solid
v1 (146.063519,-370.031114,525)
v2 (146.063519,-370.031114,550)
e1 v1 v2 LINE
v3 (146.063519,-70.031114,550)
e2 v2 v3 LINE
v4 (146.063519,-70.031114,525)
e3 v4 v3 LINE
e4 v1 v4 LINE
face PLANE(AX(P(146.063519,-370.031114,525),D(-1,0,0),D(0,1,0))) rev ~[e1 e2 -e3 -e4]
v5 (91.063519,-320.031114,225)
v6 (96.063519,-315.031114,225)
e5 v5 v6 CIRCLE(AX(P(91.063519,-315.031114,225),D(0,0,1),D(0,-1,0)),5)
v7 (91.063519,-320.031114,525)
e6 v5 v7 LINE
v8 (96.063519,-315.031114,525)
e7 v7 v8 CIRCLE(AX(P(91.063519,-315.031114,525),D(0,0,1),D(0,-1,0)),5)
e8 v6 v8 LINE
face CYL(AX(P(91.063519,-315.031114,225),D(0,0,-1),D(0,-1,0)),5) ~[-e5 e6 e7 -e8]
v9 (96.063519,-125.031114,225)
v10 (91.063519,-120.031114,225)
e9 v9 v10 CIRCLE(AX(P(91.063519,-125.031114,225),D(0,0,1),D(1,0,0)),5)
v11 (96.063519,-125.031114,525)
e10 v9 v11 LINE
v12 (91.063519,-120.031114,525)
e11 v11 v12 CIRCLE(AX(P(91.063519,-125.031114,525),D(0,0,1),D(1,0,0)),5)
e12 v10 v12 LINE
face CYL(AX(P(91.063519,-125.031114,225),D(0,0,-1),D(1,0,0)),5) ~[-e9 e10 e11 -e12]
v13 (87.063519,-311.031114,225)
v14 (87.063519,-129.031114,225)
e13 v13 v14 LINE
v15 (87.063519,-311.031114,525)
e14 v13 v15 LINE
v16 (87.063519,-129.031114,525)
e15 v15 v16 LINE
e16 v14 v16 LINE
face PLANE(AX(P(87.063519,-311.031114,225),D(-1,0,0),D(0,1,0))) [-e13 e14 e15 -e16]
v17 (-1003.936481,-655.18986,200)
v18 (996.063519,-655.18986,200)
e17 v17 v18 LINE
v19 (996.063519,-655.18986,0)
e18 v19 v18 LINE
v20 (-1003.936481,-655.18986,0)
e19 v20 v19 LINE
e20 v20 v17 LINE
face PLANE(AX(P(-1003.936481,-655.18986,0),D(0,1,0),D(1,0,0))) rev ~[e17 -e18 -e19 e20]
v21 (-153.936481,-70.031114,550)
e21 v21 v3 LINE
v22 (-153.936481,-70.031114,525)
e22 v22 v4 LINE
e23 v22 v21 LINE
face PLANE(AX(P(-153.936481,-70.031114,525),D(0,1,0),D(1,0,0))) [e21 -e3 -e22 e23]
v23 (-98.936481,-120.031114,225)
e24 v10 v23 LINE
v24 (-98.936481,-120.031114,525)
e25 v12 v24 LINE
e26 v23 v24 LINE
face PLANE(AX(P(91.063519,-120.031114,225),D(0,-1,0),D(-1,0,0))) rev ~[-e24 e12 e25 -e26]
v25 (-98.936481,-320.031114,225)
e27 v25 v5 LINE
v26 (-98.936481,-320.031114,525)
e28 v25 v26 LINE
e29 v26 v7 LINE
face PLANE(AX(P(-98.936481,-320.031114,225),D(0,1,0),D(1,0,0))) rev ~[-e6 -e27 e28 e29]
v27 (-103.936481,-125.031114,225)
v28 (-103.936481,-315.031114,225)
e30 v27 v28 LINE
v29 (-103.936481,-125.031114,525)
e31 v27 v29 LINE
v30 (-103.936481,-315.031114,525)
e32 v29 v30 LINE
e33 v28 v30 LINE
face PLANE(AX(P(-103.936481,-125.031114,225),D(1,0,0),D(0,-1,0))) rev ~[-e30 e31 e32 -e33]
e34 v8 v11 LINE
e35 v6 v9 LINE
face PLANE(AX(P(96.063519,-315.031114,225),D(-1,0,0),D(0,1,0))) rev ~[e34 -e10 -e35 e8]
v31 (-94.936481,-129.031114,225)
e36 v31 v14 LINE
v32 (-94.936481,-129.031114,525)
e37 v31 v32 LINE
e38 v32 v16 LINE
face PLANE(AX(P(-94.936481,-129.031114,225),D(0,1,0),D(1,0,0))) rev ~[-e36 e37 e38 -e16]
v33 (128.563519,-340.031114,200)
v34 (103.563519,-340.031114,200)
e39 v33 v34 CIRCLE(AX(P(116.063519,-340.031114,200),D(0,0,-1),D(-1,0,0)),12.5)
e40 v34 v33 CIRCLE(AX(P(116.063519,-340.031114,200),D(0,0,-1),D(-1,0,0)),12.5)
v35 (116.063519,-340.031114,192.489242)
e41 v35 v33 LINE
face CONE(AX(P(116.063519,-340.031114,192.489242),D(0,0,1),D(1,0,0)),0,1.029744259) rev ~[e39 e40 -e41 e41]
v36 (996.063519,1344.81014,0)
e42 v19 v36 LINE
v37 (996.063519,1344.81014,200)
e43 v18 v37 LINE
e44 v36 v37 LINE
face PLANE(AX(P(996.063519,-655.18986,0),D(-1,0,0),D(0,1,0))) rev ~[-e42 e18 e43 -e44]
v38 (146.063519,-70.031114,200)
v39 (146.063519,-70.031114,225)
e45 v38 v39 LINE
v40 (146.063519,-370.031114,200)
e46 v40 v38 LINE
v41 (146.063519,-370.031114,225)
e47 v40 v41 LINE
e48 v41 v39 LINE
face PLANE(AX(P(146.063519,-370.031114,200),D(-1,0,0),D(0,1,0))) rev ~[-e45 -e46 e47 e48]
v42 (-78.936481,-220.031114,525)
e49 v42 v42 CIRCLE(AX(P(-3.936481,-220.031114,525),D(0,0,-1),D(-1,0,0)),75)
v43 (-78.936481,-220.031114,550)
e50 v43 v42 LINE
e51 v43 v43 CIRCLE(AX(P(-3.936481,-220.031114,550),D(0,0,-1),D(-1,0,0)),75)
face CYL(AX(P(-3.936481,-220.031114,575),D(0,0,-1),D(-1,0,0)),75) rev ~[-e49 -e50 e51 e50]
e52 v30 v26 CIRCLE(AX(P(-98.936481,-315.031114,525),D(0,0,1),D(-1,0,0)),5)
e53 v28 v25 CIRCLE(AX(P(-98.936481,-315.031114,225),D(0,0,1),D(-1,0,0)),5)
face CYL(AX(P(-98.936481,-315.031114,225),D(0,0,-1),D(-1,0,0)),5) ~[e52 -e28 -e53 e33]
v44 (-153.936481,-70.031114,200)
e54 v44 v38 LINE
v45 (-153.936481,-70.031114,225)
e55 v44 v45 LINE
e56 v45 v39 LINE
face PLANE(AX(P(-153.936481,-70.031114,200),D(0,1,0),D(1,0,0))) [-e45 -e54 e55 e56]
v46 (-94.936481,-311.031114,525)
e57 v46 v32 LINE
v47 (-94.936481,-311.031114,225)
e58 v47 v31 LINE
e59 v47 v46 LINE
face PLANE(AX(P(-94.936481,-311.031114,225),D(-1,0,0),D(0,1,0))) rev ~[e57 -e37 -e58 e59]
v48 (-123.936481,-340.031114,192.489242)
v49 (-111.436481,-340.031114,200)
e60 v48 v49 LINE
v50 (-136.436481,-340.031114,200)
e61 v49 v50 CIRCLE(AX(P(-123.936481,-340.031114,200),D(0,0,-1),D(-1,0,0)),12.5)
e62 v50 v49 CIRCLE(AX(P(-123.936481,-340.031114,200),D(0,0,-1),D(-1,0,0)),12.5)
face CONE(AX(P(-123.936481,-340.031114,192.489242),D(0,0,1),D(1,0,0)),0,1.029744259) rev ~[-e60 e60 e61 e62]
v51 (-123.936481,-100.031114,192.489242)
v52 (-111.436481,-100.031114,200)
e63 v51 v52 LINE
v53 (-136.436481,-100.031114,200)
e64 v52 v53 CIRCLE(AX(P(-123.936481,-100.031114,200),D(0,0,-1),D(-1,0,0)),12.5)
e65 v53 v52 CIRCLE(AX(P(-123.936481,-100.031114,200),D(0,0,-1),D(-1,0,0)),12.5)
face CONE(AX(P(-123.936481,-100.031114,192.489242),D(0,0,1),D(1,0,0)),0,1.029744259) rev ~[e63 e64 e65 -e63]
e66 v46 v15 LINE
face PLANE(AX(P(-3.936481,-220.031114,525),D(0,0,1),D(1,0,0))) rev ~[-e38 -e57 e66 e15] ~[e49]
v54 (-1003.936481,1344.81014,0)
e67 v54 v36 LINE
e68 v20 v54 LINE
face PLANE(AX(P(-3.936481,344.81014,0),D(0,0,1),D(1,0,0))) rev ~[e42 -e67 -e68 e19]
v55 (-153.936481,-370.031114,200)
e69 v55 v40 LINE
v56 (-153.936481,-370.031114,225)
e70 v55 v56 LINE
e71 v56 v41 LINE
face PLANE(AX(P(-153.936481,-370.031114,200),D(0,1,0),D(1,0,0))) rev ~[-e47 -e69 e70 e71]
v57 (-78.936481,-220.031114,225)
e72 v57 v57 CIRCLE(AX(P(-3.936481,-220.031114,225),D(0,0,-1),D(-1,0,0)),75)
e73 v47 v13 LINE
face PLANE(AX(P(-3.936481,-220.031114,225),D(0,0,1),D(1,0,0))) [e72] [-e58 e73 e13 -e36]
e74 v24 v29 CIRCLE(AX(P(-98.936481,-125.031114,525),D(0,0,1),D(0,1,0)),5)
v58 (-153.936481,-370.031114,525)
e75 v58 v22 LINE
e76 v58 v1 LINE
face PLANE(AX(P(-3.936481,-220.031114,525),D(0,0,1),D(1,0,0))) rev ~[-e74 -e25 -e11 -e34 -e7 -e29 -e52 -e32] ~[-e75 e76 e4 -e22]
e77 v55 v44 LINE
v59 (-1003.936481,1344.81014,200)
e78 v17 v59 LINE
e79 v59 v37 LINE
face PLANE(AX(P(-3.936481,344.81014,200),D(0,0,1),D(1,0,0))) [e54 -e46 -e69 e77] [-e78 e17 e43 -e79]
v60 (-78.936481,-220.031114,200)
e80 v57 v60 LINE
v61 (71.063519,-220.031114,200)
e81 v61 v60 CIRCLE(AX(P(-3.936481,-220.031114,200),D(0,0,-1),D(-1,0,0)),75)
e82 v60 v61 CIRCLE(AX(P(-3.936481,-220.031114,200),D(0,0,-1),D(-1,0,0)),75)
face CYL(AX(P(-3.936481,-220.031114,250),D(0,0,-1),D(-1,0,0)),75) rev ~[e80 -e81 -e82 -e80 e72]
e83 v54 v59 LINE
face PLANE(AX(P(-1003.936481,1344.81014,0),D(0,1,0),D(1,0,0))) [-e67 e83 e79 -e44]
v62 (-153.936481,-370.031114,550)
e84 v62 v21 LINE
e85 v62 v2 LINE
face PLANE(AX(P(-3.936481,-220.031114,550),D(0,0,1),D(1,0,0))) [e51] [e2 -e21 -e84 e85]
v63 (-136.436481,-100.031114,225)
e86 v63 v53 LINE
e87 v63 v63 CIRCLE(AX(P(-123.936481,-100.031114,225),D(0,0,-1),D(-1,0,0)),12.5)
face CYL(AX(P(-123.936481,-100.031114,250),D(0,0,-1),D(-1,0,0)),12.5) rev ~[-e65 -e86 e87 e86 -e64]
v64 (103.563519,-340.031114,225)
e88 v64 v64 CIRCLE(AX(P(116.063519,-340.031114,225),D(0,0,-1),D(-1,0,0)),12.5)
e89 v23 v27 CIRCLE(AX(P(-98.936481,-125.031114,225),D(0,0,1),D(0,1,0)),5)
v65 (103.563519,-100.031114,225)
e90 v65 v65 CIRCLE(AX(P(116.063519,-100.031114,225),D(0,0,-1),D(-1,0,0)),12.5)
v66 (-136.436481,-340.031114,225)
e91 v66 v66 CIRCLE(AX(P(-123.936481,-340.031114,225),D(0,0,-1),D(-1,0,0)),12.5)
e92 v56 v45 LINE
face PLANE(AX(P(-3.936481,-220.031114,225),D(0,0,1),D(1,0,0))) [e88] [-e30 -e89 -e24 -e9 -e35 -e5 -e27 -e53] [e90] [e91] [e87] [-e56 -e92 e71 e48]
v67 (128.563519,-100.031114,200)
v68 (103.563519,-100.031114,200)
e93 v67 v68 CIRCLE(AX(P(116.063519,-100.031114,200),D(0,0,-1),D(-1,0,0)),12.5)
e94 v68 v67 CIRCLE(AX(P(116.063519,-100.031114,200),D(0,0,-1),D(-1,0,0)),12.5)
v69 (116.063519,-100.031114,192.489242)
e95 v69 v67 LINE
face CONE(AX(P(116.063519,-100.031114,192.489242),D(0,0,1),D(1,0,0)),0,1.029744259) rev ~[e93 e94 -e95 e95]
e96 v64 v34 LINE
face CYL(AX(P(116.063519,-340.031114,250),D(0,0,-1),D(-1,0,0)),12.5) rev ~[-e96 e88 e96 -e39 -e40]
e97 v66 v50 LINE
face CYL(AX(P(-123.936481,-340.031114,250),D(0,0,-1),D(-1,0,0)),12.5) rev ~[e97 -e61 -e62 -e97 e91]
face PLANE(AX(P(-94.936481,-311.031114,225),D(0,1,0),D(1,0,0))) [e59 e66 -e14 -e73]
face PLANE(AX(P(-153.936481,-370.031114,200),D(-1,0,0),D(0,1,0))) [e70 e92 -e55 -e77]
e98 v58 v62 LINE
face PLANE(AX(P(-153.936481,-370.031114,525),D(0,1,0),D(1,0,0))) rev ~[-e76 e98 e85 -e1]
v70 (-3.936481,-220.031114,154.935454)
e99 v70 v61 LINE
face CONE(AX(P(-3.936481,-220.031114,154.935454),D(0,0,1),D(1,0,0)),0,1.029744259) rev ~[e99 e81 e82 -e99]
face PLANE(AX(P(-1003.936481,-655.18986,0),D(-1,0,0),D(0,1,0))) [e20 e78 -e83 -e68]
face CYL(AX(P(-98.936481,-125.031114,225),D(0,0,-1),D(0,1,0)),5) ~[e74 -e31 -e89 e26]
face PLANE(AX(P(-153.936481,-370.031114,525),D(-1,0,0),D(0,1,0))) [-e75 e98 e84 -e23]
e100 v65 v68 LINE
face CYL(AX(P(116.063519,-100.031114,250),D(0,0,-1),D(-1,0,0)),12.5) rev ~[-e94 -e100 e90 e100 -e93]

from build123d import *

# Parameters (mm, degrees)
F0_W      = 2000
F0_H      = 2000
F1_DEPTH  = 200
F2_W      = 300
F2_H      = 300
F3_DEPTH  = 25
F5_D      = 25
F5_DEPTH  = 25
F5_TIP    = 7.5107577378
F6_D      = 150
F6_DEPTH  = 25
F6_TIP    = 45.0645464271
F7_W      = 182
F7_H      = 182
F8_DEPTH  = 300
F9_W      = 300
F9_H      = 300
F10_DEPTH = 25
F12_D     = 150
F12_DEPTH = 25
F12_TIP   = 45.0645464271


with BuildPart() as f1:
    # F0 (on Top) → F1 (new body)
    with BuildSketch(Plane.XY):
        with Locations((-3.9364807308, 344.8101401439)):
            Rectangle(F0_W, F0_H)
    extrude(amount=F1_DEPTH)

    # F2 (on face) → F3 (join)
    with BuildSketch(Plane.XY.offset(200)):
        with Locations((-3.9364807308, -220.0311138496)):
            Rectangle(F2_W, F2_H)
    extrude(amount=F3_DEPTH)

    # F5
    with Locations(Plane.XY.offset(225)):
        with Locations((-123.9364807308, -100.0311138496), (-123.9364807308, -340.0311138496), (116.0635192692, -340.0311138496), (116.0635192692, -100.0311138496)):
            Hole(F5_D / 2, depth=F5_DEPTH)
            with Locations((0, 0, -(F5_DEPTH + F5_TIP / 2))):  # 118° drill point
                Cone(0, F5_D / 2, F5_TIP, mode=Mode.SUBTRACT)

    # F6
    with Locations(Plane.XY.offset(225)):
        with Locations((-3.9364807308, -220.0311138496)):
            Hole(F6_D / 2, depth=F6_DEPTH)
            with Locations((0, 0, -(F6_DEPTH + F6_TIP / 2))):  # 118° drill point
                Cone(0, F6_D / 2, F6_TIP, mode=Mode.SUBTRACT)

    # F7 (on face) → F8 (join)
    with BuildSketch(Plane.XY.offset(225)):
        with BuildLine():
            Line((91.0635192692, -120.0311138496), (-98.9364807308, -120.0311138496))
            ThreePointArc((-98.9364807308, -120.0311138496), (-102.4720146367, -121.4955799437), (-103.9364807308, -125.0311138496))
            Line((-103.9364807308, -125.0311138496), (-103.9364807308, -315.0311138496))
            ThreePointArc((-103.9364807308, -315.0311138496), (-102.4720146367, -318.5666477555), (-98.9364807308, -320.0311138496))
            Line((-98.9364807308, -320.0311138496), (91.0635192692, -320.0311138496))
            ThreePointArc((91.0635192692, -320.0311138496), (94.5990531752, -318.5666477555), (96.0635192692, -315.0311138496))
            Line((96.0635192692, -315.0311138496), (96.0635192692, -125.0311138496))
            ThreePointArc((96.0635192692, -125.0311138496), (94.5990531752, -121.4955799437), (91.0635192692, -120.0311138496))
        make_face()
        with Locations((-3.9364807308, -220.0311138496)):
            Rectangle(F7_W, F7_H, mode=Mode.SUBTRACT)
    extrude(amount=F8_DEPTH)

    # F9 (on face) → F10 (join)
    with BuildSketch(Plane.XY.offset(525)):
        with Locations((-3.9364807308, -220.0311138496)):
            Rectangle(F9_W, F9_H)
    extrude(amount=F10_DEPTH)

    # F12
    with Locations(Plane.XY.offset(550)):
        with Locations((-3.9364807308, -220.0311138496)):
            Hole(F12_D / 2, depth=F12_DEPTH)
            with Locations((0, 0, -(F12_DEPTH + F12_TIP / 2))):  # 118° drill point
                Cone(0, F12_D / 2, F12_TIP, mode=Mode.SUBTRACT)


solid = f1.part
